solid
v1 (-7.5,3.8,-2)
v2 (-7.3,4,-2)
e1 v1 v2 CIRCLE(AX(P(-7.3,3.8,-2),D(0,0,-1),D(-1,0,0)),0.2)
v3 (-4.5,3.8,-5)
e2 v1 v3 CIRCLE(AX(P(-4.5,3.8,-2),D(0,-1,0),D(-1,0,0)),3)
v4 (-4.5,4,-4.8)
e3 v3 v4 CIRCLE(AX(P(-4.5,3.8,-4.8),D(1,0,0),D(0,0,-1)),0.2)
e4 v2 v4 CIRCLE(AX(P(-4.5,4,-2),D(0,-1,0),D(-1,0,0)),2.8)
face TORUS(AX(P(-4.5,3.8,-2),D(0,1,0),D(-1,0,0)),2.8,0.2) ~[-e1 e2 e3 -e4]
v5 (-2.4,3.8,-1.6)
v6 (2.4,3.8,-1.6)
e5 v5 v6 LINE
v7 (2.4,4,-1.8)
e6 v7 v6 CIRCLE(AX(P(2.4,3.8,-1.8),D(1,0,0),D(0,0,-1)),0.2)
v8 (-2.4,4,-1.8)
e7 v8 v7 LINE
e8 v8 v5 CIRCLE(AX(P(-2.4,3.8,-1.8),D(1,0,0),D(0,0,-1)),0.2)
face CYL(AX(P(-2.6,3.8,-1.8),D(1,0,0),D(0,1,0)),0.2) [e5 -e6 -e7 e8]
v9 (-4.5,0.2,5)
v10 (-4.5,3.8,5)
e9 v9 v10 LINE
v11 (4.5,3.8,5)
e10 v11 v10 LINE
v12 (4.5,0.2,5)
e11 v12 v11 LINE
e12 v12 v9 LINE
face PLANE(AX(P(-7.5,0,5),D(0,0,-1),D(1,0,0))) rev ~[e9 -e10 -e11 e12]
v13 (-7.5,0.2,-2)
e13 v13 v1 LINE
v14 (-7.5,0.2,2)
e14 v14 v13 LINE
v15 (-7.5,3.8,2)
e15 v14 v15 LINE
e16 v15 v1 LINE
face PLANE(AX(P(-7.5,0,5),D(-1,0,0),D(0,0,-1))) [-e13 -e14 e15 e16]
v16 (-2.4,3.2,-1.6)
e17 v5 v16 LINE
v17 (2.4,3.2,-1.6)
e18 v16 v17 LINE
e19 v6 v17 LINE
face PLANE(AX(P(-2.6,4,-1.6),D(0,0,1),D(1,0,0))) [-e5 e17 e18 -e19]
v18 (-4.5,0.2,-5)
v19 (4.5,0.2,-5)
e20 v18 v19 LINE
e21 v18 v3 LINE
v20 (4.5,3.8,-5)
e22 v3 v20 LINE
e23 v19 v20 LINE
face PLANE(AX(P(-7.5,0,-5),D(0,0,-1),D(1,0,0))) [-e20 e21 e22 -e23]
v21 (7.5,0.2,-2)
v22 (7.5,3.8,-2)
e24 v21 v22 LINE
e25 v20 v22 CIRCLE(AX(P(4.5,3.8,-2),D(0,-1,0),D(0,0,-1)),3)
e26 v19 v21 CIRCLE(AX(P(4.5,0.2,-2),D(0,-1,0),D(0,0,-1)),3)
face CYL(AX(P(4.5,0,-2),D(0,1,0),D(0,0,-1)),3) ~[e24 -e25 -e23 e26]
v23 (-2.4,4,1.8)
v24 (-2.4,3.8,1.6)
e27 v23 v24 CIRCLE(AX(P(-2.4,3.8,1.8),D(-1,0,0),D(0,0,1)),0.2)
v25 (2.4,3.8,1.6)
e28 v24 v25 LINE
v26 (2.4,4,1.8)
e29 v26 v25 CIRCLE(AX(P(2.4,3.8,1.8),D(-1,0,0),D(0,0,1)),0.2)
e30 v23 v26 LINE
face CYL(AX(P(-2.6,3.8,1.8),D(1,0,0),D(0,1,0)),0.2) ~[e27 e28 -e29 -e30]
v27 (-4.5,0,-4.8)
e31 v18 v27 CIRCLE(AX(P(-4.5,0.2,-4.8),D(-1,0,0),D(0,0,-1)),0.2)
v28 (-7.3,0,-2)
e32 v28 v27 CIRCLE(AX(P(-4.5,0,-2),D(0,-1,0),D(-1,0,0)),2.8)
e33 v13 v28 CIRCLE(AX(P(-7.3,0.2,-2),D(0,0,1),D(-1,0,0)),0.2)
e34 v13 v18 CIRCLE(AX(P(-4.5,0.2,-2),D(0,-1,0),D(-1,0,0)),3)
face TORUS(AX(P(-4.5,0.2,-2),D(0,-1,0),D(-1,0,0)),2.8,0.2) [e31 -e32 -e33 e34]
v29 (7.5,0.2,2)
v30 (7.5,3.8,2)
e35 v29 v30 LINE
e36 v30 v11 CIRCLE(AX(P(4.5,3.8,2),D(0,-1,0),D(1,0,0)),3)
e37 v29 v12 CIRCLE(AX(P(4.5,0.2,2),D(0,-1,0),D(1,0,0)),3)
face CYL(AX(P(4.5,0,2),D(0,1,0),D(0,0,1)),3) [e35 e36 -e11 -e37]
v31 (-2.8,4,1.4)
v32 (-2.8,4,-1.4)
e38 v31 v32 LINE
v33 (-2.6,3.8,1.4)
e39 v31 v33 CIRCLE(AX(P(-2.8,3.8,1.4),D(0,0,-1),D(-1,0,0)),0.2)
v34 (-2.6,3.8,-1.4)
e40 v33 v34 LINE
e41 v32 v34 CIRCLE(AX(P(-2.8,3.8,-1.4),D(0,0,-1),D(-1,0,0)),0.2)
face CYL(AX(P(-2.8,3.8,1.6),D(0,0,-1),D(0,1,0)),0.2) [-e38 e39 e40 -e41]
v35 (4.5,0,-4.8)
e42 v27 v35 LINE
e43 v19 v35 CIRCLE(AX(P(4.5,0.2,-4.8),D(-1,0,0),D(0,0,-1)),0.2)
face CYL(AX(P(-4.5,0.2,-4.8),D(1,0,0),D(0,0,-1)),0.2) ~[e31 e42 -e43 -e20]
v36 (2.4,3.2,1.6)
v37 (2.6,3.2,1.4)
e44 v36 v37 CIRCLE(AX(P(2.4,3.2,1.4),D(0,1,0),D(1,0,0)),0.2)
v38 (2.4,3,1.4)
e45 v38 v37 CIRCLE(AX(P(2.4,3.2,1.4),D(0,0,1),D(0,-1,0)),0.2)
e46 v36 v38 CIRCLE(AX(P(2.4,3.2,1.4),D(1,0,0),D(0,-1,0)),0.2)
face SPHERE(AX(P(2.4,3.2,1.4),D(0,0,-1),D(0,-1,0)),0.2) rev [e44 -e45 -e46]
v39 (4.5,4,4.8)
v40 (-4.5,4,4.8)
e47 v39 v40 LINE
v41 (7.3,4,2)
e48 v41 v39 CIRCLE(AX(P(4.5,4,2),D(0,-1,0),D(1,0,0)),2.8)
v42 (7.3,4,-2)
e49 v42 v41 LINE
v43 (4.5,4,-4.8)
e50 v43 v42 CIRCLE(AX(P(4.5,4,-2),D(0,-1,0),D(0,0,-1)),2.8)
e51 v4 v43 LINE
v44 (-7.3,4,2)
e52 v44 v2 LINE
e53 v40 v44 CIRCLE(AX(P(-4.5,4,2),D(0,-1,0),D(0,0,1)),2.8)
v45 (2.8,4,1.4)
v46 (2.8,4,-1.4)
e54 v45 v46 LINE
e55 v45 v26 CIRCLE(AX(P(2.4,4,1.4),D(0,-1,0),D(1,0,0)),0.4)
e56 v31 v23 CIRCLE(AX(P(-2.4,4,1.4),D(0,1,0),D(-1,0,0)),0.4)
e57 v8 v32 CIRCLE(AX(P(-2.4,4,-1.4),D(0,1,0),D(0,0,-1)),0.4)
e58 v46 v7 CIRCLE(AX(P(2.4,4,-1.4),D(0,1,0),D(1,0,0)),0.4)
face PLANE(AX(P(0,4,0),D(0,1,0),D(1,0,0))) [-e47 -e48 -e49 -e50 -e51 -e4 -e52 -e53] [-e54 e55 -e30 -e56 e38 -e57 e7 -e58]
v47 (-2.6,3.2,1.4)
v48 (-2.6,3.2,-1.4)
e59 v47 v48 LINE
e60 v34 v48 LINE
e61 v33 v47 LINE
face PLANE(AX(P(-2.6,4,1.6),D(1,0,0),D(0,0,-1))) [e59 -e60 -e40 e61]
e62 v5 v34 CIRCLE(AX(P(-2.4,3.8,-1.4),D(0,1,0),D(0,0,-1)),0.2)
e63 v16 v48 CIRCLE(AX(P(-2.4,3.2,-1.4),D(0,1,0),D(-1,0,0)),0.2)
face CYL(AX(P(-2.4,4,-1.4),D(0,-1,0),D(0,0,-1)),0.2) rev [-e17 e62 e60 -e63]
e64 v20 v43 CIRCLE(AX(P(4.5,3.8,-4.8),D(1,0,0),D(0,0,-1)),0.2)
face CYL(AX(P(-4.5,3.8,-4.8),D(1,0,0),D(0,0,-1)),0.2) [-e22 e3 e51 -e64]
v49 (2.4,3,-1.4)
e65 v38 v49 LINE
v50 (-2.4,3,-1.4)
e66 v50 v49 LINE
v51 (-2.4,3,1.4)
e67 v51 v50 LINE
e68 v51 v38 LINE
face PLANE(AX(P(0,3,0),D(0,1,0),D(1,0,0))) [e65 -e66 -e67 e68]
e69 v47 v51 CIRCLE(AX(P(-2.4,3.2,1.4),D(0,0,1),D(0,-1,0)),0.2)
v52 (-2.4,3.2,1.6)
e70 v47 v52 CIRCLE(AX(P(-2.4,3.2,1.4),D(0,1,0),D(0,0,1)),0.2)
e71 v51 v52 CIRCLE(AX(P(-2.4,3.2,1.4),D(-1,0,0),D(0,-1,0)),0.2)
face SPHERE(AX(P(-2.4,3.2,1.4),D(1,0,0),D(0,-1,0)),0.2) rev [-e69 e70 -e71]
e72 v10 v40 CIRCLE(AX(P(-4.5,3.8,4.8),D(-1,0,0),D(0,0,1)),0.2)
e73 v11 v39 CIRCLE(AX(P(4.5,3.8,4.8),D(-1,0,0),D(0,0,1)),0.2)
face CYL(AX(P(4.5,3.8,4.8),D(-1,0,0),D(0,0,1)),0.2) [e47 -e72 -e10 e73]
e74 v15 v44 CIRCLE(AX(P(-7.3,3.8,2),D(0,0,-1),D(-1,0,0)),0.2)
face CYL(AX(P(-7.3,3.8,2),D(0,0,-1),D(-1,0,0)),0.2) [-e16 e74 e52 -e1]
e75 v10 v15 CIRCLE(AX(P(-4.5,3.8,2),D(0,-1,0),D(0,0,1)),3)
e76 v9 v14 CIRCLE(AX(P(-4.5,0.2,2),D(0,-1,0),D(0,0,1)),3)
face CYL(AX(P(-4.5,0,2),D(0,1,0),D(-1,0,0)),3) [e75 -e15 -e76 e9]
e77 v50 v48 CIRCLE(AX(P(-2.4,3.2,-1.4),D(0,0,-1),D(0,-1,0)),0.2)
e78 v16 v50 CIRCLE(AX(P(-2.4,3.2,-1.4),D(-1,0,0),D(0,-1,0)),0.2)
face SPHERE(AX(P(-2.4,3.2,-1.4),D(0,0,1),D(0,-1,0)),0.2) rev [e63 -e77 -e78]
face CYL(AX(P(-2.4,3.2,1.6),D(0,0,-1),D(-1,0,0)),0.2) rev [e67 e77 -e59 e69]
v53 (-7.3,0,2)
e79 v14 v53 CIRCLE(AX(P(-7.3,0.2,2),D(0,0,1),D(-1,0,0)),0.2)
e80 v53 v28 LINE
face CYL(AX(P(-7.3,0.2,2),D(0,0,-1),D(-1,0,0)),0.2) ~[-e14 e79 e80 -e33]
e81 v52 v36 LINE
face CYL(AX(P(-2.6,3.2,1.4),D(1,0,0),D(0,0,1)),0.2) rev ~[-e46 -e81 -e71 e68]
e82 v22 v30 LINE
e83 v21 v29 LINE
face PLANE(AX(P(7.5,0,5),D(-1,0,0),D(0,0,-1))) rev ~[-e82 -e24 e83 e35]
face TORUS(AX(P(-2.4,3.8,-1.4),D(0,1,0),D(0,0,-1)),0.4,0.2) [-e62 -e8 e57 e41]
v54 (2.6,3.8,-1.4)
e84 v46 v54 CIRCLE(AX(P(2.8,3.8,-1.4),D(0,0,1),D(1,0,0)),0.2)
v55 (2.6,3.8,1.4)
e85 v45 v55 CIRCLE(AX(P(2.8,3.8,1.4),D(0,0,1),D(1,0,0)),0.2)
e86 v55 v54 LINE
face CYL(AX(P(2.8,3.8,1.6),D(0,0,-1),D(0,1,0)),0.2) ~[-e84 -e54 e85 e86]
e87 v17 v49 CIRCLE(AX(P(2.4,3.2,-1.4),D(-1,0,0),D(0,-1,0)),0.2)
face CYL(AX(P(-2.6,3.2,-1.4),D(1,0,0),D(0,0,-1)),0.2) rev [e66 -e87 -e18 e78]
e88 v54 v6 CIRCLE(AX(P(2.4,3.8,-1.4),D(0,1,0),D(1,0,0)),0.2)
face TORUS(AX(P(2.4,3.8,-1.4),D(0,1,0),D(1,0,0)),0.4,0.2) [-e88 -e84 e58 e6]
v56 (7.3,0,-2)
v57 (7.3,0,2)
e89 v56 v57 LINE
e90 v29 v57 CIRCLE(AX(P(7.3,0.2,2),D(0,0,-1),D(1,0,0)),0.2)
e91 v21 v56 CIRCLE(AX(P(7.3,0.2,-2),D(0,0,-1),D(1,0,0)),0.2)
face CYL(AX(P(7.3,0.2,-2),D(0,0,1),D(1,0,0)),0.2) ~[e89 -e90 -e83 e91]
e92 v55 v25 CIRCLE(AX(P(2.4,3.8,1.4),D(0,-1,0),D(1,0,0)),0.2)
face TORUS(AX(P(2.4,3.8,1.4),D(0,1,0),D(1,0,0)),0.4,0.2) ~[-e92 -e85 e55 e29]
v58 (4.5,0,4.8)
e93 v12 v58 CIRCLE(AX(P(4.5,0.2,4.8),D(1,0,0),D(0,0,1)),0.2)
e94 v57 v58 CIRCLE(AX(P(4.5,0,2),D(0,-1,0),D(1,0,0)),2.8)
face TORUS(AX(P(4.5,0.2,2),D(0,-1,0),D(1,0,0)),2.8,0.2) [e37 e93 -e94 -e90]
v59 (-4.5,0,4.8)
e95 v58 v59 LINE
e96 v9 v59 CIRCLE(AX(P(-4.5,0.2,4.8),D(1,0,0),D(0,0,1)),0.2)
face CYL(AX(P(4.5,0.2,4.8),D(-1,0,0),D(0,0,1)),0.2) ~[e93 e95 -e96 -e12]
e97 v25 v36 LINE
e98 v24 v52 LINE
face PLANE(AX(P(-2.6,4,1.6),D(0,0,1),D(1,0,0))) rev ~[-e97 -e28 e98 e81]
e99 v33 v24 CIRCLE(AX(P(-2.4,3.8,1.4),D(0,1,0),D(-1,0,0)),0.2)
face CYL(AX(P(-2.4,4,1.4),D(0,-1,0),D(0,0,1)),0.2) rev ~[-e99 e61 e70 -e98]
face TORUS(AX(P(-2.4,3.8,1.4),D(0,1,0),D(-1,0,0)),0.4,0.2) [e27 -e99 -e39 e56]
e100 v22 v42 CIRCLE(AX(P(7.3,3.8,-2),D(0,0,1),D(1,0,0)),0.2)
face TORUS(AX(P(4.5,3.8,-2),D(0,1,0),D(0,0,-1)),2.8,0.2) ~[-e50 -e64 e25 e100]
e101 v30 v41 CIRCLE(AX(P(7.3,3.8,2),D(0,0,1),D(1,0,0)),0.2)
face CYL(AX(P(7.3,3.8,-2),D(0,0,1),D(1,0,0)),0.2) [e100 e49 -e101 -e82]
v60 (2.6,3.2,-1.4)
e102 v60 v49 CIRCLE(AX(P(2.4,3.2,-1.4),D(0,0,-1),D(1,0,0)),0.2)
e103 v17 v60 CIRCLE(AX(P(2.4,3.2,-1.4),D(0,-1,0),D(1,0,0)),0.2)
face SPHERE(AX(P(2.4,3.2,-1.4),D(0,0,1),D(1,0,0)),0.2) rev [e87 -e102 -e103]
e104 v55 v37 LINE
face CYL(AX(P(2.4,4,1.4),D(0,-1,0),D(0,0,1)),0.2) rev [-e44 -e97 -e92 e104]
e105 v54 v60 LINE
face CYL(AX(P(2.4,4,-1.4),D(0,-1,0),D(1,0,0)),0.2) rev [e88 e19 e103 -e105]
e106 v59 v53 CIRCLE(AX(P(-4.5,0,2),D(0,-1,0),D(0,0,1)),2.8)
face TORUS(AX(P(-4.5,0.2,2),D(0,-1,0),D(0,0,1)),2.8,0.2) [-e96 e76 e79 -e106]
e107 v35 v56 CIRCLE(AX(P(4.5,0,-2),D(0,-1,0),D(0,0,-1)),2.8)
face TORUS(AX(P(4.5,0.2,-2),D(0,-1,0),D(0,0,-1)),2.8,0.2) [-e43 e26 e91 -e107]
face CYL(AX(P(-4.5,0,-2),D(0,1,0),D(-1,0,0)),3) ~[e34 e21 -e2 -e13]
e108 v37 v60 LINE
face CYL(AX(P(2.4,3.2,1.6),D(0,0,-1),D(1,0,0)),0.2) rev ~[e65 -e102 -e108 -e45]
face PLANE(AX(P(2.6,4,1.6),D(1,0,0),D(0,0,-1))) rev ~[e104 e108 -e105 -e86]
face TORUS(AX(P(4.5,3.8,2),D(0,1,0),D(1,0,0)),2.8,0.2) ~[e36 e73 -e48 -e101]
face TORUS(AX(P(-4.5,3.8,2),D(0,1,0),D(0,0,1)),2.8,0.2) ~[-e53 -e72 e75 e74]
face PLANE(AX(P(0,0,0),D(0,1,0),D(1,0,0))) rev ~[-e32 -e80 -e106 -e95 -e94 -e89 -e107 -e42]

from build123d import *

# Parameters (mm, degrees)
SKETCH1_W           = 15
SKETCH1_H           = 10
BOSS_EXTRUDE1_DEPTH = 4
SKETCH2_W           = 5.2
SKETCH2_H           = 3.2
CUT_EXTRUDE1_DEPTH  = 1
FILLET1_R           = 3
FILLET2_R           = 0.2


with BuildPart() as part:
    # Sketch1 → Boss-Extrude1 (new body)
    with BuildSketch(Plane(origin=(0, 0, 0), x_dir=(1, 0, 0), z_dir=(0, 1, 0))):
        Rectangle(SKETCH1_W, SKETCH1_H)
    extrude(amount=BOSS_EXTRUDE1_DEPTH)

    # Sketch2 → Cut-Extrude1 (cut)
    with BuildSketch(Plane(origin=(0, 4, 0), x_dir=(1, 0, 0), z_dir=(0, 1, 0))):
        Rectangle(SKETCH2_W, SKETCH2_H)
    extrude(amount=-CUT_EXTRUDE1_DEPTH, mode=Mode.SUBTRACT)

    # Fillet1
    fillet1_edges = [part.edges().sort_by_distance(p)[0] for p in [
        (7.5, 2, 5),
        (-7.5, 2, 5),
        (-7.5, 2, -5),
        (7.5, 2, -5),
    ]]
    fillet(fillet1_edges, radius=FILLET1_R)

    # Fillet2
    fillet2_edges = [part.edges().sort_by_distance(p)[0] for p in [
        (2.6, 3, 0),
        (2.6, 3.5, -1.6),
        (0, 3, 1.6),
        (2.6, 3.5, 1.6),
        (-2.6, 3, 0),
        (-2.6, 3.5, 1.6),
        (0, 3, -1.6),
        (-2.6, 3.5, -1.6),
        (2.6, 4, 0),
        (0, 4, -1.6),
        (-2.6, 4, 0),
        (0, 4, 1.6),
        (-7.5, 0, 0),
        (-7.5, 4, 0),
        (7.5, 0, 0),
        (0, 0, 5),
        (0, 0, -5),
        (6.621320344, 0, 4.121320344),
        (-6.621320344, 0, 4.121320344),
        (6.621320344, 0, -4.121320344),
        (-6.621320344, 0, -4.121320344),
        (0, 4, -5),
        (7.5, 4, 0),
        (0, 4, 5),
        (6.621320344, 4, 4.121320344),
        (-6.621320344, 4, 4.121320344),
        (6.621320344, 4, -4.121320344),
        (-6.621320344, 4, -4.121320344),
    ]]
    fillet(fillet2_edges, radius=FILLET2_R)


solid = part.part
